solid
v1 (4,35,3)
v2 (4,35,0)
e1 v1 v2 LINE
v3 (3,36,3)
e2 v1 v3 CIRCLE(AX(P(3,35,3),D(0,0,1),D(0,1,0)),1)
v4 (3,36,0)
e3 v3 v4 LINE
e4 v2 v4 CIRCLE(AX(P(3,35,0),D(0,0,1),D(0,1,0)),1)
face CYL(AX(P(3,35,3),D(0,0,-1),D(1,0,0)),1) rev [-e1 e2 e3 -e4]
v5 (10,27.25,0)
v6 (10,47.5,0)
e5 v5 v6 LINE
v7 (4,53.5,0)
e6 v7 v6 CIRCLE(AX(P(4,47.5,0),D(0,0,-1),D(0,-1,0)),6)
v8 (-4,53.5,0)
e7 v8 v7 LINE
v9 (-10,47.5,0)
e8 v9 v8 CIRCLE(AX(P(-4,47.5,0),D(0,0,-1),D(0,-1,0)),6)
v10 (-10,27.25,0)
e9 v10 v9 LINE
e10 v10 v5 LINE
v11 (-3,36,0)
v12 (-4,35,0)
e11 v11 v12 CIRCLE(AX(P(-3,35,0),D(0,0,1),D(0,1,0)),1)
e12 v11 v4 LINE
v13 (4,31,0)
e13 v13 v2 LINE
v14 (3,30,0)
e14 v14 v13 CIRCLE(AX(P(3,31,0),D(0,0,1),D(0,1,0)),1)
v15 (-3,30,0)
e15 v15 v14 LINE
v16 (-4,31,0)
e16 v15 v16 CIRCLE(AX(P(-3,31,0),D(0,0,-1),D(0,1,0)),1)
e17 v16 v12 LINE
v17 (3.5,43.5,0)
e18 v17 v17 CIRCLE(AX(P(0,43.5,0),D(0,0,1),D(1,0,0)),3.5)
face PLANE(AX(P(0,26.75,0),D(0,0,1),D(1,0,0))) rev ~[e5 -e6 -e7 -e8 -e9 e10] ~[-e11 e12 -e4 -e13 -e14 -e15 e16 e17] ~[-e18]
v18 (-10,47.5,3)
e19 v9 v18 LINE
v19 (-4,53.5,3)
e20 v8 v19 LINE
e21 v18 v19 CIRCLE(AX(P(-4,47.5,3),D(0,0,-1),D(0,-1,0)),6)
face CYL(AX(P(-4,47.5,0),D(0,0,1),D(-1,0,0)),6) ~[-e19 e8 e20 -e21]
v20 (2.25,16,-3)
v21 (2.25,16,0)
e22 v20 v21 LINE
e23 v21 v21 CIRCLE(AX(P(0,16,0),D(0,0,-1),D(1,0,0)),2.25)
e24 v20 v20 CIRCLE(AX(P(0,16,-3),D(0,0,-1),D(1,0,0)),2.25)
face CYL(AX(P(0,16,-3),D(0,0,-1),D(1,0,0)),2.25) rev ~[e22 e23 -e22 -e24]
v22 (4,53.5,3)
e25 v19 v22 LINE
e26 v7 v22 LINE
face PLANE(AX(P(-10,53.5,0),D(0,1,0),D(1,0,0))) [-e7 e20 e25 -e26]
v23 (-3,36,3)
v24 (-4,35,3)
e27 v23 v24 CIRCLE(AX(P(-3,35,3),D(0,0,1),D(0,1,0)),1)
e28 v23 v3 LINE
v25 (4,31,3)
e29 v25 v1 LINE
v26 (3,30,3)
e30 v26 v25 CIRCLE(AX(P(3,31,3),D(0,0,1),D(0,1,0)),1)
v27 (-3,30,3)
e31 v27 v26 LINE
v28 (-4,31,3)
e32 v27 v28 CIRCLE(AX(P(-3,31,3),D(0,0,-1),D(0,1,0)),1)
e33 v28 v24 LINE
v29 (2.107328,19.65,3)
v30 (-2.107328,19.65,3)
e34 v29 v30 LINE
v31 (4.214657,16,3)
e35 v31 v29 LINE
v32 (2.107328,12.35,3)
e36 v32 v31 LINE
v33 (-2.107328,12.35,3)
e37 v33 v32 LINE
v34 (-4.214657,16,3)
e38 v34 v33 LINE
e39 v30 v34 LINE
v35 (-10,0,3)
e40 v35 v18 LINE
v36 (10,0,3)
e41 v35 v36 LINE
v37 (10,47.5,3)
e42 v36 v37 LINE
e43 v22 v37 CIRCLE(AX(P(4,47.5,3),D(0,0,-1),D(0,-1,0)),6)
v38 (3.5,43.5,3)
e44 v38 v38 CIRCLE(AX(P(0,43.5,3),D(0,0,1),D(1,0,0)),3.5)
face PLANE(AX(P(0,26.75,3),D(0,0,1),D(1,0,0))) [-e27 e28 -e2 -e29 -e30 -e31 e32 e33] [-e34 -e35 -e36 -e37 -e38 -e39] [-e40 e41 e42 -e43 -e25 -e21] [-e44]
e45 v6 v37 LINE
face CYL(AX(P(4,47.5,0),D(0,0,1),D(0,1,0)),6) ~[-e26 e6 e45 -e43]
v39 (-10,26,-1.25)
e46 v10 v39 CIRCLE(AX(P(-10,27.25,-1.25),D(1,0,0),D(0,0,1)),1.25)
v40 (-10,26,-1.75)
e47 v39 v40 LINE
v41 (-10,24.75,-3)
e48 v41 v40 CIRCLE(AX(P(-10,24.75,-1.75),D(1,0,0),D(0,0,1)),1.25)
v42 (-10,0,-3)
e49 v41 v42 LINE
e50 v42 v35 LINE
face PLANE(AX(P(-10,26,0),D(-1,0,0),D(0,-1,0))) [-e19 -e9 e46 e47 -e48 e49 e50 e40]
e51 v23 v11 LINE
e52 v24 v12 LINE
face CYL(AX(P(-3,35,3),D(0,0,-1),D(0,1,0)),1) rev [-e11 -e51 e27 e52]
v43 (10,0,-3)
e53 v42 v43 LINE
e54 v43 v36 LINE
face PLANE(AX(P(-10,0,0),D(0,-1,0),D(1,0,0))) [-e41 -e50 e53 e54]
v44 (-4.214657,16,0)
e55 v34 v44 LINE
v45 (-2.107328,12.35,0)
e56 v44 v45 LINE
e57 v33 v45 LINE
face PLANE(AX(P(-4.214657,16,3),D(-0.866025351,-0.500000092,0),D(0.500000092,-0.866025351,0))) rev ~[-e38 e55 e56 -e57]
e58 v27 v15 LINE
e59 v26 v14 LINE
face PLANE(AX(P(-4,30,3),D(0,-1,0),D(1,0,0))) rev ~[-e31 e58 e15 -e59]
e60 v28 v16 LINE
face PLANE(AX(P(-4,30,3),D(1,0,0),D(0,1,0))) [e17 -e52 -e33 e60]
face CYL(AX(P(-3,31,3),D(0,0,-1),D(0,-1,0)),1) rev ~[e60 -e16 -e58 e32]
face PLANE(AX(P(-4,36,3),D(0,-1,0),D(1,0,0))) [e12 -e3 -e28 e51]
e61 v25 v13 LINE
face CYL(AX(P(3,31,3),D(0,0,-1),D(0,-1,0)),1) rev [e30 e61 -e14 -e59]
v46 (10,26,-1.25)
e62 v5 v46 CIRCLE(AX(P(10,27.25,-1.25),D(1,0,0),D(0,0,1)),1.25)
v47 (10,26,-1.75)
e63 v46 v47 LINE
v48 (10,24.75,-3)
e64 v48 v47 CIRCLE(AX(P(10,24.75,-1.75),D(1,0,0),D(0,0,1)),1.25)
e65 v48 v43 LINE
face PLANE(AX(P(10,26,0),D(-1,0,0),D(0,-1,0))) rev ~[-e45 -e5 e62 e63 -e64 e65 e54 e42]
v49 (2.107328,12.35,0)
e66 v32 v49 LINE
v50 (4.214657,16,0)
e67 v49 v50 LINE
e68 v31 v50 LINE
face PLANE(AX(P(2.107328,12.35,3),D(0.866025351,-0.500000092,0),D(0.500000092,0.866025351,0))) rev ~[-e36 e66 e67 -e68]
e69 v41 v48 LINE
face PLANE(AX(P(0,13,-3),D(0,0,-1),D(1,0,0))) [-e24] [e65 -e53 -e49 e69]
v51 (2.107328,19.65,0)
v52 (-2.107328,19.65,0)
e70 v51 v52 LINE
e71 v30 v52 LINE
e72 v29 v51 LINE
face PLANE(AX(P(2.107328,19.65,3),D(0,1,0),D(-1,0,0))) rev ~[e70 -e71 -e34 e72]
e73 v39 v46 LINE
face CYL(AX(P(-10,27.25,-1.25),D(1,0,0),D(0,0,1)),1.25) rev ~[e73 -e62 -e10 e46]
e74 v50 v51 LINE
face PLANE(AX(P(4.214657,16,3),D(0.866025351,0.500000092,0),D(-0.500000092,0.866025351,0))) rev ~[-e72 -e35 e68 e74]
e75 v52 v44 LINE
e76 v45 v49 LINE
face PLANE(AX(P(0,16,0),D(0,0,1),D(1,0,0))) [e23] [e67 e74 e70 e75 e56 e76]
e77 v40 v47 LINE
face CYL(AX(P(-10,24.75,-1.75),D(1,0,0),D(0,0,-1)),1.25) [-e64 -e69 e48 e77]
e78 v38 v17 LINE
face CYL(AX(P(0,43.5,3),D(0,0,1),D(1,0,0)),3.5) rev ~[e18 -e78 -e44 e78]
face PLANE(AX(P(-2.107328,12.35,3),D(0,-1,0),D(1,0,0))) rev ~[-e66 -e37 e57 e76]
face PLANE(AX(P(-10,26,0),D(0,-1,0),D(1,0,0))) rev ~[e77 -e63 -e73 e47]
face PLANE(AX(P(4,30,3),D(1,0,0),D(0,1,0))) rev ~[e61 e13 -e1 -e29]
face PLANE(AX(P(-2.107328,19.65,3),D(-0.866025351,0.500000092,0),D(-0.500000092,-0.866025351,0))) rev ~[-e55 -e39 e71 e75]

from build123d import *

# Parameters (mm, degrees)
SKETCH_W        = 20
SKETCH_H        = 53.5
PAD_DEPTH       = 3
SKETCH001_W     = 20
SKETCH001_H     = 26
PAD001_DEPTH    = 3
FILLET_R        = 1.25
FILLET001_R     = 6
SKETCH002_R     = 2.25
POCKET_DEPTH    = 6
SKETCH003_R     = 3.5
SKETCH003_W     = 8
SKETCH003_H     = 6
POCKET001_DEPTH = 6
FILLET002_R     = 1
POCKET002_DEPTH = 3


with BuildPart() as part:
    # Sketch → Pad (new body)
    with BuildSketch(Plane.XY):
        with Locations((0, 26.75)):
            Rectangle(SKETCH_W, SKETCH_H)
    extrude(amount=PAD_DEPTH)

    # Sketch001 (on Face5 of Pad) → Pad001 (join)
    with BuildSketch(Plane(origin=(0, 0, 0), x_dir=(1, 0, 0), z_dir=(0, 0, -1))):
        with Locations((0, -13)):
            Rectangle(SKETCH001_W, SKETCH001_H)
    extrude(amount=PAD001_DEPTH)

    # Fillet
    fillet_edges = [part.edges().sort_by_distance(p)[0] for p in [
        (0, 26, 0),
        (0, 26, -3),
    ]]
    fillet(fillet_edges, radius=FILLET_R)

    # Fillet001
    fillet001_edges = [part.edges().sort_by_distance(p)[0] for p in [
        (10, 53.5, 1.5),
        (-10, 53.5, 1.5),
    ]]
    fillet(fillet001_edges, radius=FILLET001_R)

    # Sketch002 (on Face12 of Fillet001) → Pocket (cut)
    with BuildSketch(Plane(origin=(0, 0, -3), x_dir=(1, 0, 0), z_dir=(0, 0, -1))):
        with Locations((0, -16)):
            Circle(SKETCH002_R)
    extrude(amount=-POCKET_DEPTH, mode=Mode.SUBTRACT)

    # Sketch003 (on Face8 of Pocket) → Pocket001 (cut)
    with BuildSketch(Plane.XY.offset(3)):
        with Locations((0, 43.5)):
            Circle(SKETCH003_R)
        with Locations((0, 33)):
            Rectangle(SKETCH003_W, SKETCH003_H)
    extrude(amount=-POCKET001_DEPTH, mode=Mode.SUBTRACT)

    # Fillet002
    fillet002_edges = [part.edges().sort_by_distance(p)[0] for p in [
        (-4, 36, 1.5),
        (4, 36, 1.5),
        (4, 30, 1.5),
        (-4, 30, 1.5),
    ]]
    fillet(fillet002_edges, radius=FILLET002_R)

    # Sketch004 (on Face17 of Fillet002) → Pocket002 (cut)
    with BuildSketch(Plane.XY.offset(3)):
        Polygon((2.107328, 19.65), (-2.107328, 19.65), (-4.214657, 16), (-2.107328, 12.35), (2.107328, 12.35), (4.214657, 16), align=None)
    extrude(amount=-POCKET002_DEPTH, mode=Mode.SUBTRACT)


solid = part.part
